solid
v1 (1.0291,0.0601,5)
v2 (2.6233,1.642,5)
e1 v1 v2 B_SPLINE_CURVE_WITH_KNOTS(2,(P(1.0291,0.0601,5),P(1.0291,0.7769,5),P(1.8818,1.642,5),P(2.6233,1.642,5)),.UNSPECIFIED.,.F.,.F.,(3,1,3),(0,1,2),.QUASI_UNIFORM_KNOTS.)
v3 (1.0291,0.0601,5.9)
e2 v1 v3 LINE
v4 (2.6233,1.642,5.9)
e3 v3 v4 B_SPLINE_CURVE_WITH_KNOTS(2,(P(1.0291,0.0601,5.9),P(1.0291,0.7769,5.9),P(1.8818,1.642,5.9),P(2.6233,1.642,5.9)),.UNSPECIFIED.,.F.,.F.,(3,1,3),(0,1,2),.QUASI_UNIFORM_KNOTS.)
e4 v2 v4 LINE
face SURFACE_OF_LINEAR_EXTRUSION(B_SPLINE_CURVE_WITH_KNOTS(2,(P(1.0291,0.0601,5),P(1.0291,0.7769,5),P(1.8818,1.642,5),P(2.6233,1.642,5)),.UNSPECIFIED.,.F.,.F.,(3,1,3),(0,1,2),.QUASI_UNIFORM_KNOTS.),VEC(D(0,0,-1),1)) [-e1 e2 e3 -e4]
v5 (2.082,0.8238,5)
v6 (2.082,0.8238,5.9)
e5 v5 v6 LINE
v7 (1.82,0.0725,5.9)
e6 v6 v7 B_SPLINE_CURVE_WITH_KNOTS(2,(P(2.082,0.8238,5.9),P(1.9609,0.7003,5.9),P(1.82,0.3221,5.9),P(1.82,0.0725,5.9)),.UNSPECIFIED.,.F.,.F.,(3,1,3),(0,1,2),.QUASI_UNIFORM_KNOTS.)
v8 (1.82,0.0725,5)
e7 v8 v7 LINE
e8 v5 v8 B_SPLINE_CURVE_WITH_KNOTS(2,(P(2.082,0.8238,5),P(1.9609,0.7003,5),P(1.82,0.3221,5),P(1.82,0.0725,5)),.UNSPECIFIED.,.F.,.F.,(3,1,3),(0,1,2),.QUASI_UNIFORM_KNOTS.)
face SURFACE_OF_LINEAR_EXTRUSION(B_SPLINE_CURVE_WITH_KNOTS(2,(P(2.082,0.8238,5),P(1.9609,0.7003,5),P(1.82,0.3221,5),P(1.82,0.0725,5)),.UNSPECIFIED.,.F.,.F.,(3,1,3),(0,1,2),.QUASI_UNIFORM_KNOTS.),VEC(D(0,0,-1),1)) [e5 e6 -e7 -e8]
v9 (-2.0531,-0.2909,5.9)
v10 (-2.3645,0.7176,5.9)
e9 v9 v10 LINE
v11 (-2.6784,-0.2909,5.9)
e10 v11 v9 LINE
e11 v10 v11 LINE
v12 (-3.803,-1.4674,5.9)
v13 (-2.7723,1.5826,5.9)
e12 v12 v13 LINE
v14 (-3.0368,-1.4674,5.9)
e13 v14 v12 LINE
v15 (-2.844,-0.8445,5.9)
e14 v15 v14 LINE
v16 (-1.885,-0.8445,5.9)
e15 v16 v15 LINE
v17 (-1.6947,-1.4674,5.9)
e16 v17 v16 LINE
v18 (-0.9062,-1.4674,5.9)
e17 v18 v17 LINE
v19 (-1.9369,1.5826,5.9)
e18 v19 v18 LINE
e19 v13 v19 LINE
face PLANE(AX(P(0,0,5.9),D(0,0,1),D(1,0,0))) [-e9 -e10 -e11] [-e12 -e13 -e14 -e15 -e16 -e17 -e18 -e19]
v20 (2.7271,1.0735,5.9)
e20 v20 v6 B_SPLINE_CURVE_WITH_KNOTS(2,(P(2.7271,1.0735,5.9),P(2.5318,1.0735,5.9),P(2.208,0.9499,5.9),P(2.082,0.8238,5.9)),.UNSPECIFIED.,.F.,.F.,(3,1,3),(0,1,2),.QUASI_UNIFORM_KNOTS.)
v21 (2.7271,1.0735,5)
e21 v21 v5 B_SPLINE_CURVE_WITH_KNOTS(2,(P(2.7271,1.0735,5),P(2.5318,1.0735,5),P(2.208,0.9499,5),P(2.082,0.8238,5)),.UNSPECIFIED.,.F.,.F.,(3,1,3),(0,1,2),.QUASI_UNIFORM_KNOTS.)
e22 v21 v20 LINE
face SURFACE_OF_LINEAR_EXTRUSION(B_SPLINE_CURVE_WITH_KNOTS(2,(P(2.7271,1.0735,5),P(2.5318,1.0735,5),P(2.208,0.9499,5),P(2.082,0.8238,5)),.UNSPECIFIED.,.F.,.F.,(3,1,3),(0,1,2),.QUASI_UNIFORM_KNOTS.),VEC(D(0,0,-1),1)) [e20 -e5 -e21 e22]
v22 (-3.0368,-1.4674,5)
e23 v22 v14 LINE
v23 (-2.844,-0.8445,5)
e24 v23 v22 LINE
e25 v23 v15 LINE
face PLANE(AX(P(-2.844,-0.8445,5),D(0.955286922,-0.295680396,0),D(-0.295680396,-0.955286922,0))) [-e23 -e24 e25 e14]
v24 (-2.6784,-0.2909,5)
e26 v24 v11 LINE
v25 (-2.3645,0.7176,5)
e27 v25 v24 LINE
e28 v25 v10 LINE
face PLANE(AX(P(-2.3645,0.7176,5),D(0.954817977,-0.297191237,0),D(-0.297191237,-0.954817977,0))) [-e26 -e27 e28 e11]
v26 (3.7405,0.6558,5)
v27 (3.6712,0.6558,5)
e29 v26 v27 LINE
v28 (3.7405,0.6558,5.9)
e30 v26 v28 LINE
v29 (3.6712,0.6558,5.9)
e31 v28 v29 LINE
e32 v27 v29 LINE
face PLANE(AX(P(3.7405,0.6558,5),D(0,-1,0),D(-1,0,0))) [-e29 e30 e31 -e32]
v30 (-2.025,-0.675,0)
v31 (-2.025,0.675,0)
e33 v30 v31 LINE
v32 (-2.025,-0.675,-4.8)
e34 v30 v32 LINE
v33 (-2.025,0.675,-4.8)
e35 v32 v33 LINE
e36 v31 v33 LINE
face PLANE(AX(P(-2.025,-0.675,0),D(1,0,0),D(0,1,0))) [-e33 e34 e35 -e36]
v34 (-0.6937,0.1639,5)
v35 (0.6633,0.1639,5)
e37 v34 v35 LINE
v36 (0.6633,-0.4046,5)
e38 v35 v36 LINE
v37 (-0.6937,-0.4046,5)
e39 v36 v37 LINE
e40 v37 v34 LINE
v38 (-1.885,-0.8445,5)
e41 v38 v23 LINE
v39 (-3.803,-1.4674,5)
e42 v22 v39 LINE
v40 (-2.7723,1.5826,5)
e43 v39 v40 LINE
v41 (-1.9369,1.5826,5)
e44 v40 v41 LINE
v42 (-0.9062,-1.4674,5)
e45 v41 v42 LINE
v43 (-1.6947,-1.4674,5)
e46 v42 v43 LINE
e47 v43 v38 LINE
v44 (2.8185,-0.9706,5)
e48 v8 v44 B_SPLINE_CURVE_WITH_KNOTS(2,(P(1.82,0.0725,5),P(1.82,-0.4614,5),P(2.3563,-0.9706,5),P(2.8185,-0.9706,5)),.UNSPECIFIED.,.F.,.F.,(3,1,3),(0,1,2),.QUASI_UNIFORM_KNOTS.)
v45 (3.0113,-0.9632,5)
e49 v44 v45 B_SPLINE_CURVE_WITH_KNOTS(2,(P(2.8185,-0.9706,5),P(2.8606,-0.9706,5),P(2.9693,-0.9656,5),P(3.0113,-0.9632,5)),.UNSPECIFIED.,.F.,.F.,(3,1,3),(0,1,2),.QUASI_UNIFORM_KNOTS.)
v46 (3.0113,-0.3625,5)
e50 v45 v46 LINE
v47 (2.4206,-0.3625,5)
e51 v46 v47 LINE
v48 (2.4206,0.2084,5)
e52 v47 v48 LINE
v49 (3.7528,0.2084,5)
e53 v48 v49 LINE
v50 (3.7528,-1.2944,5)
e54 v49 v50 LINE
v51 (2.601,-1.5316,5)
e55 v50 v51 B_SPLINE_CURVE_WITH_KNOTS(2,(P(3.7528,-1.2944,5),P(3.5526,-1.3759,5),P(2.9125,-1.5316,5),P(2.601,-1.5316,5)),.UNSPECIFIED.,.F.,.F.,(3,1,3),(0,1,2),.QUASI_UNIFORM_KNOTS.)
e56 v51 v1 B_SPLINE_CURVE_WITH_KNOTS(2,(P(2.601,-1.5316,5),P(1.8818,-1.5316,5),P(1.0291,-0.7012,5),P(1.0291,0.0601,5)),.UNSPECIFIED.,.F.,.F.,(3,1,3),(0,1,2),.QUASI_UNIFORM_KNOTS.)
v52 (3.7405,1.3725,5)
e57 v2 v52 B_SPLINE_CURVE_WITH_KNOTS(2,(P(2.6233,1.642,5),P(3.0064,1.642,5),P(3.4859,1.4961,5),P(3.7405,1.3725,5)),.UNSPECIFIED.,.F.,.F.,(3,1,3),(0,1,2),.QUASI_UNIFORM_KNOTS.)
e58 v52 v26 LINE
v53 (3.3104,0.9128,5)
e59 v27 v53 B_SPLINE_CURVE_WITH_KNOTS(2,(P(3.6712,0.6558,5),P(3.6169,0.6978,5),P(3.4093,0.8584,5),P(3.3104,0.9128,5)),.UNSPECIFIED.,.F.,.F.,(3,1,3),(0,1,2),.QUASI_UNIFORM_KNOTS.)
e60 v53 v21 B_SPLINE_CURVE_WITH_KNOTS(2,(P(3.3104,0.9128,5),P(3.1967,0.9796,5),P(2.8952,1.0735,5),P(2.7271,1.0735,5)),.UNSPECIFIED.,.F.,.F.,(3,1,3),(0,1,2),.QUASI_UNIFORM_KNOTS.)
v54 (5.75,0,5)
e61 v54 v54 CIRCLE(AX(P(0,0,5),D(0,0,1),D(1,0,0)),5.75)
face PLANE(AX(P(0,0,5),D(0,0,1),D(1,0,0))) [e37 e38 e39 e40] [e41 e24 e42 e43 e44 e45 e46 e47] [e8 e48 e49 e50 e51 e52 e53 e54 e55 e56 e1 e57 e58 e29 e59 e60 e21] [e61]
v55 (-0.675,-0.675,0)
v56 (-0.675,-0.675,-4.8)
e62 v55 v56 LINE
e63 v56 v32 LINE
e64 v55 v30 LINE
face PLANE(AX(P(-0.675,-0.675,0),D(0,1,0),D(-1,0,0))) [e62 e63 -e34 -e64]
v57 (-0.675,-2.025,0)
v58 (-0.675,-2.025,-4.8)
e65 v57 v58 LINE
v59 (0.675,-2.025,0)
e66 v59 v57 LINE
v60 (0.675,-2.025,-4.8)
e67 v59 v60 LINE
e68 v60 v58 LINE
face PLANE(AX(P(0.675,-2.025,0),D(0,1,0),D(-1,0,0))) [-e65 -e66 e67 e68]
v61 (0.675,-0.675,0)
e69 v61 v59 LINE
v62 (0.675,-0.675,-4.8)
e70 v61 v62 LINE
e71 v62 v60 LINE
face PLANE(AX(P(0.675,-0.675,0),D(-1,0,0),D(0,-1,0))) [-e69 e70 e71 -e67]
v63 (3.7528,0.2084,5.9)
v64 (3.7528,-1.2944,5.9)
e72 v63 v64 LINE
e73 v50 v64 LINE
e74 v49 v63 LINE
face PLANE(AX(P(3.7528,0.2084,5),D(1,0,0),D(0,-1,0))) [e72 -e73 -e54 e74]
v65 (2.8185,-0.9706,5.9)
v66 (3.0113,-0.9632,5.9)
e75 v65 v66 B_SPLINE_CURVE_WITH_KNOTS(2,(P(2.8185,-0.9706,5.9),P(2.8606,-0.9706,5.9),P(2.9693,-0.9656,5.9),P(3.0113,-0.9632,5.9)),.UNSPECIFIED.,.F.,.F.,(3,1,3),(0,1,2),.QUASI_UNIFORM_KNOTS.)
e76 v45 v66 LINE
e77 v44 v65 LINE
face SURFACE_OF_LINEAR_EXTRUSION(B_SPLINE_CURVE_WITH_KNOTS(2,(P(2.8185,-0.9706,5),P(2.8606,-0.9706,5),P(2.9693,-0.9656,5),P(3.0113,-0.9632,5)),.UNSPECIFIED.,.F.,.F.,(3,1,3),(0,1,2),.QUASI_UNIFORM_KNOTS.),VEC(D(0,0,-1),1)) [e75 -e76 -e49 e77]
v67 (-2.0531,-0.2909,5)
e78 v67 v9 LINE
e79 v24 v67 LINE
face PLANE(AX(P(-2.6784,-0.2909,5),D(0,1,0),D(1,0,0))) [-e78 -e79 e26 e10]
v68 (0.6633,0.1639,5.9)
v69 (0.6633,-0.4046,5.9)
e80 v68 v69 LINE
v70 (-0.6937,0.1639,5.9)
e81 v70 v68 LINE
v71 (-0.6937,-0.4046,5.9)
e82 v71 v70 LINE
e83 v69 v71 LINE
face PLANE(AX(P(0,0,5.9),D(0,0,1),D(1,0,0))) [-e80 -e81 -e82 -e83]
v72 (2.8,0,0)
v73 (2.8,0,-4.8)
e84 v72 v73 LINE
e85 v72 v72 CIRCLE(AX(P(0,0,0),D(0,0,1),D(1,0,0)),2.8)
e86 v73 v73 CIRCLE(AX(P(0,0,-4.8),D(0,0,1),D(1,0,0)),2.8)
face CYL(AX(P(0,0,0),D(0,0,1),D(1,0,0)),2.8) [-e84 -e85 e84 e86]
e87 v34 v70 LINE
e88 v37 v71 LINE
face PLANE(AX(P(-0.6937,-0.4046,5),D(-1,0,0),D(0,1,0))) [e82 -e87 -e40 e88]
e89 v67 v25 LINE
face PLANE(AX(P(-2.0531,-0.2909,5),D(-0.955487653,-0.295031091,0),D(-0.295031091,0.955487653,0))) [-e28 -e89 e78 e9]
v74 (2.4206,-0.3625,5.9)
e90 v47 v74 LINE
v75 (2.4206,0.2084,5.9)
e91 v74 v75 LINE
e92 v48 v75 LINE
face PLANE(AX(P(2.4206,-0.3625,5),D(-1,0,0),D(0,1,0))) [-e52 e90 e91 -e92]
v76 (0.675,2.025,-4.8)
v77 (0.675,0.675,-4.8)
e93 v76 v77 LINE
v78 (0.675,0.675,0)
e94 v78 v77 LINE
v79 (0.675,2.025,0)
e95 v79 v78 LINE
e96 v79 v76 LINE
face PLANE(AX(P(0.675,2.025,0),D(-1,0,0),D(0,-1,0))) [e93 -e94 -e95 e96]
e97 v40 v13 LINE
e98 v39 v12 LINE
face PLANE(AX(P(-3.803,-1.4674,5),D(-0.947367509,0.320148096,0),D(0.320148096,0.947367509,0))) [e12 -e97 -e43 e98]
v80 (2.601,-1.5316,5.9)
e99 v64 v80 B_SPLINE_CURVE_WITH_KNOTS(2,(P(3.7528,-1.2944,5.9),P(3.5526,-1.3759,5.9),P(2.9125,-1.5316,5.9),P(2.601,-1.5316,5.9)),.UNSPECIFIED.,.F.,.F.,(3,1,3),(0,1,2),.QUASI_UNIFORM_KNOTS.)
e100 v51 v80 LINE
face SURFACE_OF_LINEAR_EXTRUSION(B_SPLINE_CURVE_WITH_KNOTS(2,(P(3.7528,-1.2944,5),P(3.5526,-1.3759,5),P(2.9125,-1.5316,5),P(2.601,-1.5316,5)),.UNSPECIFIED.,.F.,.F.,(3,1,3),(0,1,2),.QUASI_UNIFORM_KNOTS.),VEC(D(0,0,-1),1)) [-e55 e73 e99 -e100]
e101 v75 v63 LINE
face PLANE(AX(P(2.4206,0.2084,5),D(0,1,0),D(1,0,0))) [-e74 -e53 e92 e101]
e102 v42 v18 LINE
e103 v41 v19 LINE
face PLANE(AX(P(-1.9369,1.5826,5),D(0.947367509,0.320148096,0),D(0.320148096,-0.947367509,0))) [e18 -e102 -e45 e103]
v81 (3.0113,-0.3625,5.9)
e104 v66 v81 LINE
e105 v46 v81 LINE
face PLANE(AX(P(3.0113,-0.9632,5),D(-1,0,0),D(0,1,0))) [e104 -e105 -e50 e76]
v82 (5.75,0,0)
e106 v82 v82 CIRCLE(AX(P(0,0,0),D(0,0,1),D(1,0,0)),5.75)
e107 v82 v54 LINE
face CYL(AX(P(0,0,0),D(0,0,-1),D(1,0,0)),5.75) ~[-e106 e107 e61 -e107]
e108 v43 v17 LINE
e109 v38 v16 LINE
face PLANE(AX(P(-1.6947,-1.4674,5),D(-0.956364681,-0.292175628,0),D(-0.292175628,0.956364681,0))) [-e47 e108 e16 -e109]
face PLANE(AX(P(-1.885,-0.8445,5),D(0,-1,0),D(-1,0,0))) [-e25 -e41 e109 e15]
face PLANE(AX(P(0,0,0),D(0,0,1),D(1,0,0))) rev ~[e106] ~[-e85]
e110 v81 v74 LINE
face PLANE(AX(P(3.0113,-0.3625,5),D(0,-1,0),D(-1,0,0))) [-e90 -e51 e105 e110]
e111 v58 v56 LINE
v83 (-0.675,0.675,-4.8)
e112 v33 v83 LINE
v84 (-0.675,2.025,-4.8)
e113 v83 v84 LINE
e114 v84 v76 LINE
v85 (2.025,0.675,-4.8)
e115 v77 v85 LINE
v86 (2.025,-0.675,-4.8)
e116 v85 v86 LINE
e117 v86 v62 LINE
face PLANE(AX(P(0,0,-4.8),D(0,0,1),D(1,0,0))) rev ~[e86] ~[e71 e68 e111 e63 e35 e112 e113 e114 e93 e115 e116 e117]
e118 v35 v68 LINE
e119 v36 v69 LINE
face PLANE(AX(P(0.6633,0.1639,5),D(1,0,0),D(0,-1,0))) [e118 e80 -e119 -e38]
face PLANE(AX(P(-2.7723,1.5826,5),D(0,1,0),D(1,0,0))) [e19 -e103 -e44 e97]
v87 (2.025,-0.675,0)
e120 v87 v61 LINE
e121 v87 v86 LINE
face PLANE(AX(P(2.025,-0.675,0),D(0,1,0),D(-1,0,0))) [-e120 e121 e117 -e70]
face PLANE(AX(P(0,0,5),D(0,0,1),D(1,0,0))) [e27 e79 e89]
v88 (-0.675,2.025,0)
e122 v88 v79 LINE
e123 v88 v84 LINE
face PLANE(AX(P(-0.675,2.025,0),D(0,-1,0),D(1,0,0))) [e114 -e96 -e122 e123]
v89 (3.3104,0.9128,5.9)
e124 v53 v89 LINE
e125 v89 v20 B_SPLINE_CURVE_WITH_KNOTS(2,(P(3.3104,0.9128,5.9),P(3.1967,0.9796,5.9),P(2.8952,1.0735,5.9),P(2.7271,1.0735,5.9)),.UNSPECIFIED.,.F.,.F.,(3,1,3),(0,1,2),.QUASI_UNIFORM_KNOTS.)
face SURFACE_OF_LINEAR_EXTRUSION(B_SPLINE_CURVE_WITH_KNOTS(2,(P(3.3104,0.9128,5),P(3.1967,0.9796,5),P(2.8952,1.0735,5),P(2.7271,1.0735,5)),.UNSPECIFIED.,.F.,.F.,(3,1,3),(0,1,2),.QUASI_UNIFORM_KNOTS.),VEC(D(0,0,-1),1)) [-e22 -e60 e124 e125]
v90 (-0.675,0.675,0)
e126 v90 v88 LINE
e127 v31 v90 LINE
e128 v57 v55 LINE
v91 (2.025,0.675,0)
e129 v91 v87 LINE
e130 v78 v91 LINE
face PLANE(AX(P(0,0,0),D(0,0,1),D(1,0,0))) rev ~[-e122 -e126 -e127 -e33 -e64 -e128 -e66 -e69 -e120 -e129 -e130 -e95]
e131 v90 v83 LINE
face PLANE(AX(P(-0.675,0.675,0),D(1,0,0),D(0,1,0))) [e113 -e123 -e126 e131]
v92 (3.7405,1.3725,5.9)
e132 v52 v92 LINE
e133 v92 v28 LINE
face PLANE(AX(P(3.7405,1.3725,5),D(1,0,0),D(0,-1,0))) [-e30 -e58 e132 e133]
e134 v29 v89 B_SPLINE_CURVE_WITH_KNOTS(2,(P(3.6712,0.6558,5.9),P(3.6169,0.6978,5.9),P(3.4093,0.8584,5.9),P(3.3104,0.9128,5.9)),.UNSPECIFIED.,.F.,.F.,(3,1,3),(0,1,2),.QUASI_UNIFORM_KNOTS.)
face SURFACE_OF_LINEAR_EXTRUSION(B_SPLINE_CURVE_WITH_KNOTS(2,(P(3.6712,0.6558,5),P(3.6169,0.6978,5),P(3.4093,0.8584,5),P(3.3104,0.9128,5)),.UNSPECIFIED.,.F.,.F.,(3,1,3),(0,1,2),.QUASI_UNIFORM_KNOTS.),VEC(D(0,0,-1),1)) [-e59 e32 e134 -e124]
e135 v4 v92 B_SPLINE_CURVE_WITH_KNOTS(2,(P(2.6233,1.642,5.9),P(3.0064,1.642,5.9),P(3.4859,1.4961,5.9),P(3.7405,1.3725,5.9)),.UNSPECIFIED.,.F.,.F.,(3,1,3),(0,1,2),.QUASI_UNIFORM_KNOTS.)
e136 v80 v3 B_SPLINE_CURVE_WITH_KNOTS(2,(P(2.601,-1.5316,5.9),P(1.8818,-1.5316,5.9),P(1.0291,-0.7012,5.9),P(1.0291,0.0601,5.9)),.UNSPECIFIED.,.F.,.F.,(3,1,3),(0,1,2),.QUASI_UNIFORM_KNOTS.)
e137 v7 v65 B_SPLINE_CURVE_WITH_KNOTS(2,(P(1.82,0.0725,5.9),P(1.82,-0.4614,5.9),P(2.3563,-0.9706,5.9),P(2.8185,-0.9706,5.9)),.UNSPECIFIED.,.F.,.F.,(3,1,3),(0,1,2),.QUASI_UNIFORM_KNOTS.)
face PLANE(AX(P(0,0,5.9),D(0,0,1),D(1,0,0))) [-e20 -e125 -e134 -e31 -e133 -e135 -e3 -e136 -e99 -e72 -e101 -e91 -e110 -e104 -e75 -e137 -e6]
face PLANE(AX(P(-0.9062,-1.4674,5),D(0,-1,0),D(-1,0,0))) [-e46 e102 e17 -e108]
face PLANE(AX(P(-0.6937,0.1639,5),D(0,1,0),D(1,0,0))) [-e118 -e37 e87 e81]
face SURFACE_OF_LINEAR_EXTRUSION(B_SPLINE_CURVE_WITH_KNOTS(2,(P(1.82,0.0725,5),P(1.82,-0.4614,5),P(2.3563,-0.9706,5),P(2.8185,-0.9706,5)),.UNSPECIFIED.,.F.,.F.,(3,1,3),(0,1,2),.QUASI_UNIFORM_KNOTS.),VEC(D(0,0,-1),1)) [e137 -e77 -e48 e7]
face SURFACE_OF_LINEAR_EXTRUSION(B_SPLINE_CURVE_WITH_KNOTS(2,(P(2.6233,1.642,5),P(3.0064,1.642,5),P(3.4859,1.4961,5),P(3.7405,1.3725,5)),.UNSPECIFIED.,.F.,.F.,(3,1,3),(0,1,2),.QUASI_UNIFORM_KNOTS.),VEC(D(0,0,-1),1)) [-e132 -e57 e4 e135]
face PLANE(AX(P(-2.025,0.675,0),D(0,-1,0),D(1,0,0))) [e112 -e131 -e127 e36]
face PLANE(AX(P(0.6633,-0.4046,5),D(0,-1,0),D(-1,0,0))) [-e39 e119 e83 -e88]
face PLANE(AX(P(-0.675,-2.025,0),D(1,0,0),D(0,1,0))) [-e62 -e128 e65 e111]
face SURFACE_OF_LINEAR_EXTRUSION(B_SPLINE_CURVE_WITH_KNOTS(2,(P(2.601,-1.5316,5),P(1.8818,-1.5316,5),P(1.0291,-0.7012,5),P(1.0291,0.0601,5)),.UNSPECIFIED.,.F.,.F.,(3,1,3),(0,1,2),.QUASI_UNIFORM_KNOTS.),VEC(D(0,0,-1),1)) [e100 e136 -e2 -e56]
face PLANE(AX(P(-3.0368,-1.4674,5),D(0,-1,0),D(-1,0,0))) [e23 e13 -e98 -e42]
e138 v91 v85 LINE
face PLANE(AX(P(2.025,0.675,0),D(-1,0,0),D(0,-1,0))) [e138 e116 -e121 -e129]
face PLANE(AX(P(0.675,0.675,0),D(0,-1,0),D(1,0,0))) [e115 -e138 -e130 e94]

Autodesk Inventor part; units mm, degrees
ref_plane "YZ Plane" through (0, 0, 0) normal (1, 0, 0) x (0, 1, 0)
ref_plane "XZ Plane" through (0, 0, 0) normal (0, 1, 0) x (-1, 0, 0)
ref_plane "XY Plane" through (0, 0, 0) normal (0, 0, 1) x (1, 0, 0)
sketch "Sketch1" plane through (0, 0, 0) normal (0, 0, 1) x (1, 0, 0)
  circle A0 centre (0, 0) radius 6.22 construction
  circle A1 centre (0, 0) radius 2.8
  line L0 (-0.675, 0.675) -> (-0.675, 2.025)
  line L1 (-0.675, 2.025) -> (0.675, 2.025)
  line L2 (0.675, 2.025) -> (0.675, 0.675)
  line L3 (0.675, 0.675) -> (2.025, 0.675)
  line L4 (2.025, 0.675) -> (2.025, -0.675)
  line L5 (2.025, -0.675) -> (0.675, -0.675)
  line L6 (0.675, -0.675) -> (0.675, -2.025)
  line L7 (0.675, -2.025) -> (-0.675, -2.025)
  line L8 (-0.675, -2.025) -> (-0.675, -0.675)
  line L9 (-0.675, -0.675) -> (-2.025, -0.675)
  line L10 (-2.025, -0.675) -> (-2.025, 0.675)
  line L11 (-2.025, 0.675) -> (-0.675, 0.675)
  circle A2 centre (0, 0) radius 5.75
  point P0 (-6.07, -6.1)
  dimension "d0" = 12.44
  dimension "d1" = 0.47
extrude "Extrusion1" add sketch "Sketch1" along normal blind 5 contours A1 | L0 L1 L2 L3 L4 L5 L6 L7 L8 L9 L10 L11 | A2
extrude "Extrusion2" add sketch "Sketch1" against normal blind 4.8 contours A1
sketch "Sketch2" plane through (0, 0, 5) normal (0, 0, 1) x (1, 0, 0)
  point P0 (0, 0)
sketch "Sketch3" plane through (0, 0, 5) normal (0, 0, 1) x (1, 0, 0)
  line L0 (-3.7906, 1.642) -> (3.8677, 1.642) construction
  line L1 (3.8677, 1.642) -> (3.8677, -1.5876) construction
  line L2 (3.8677, -1.5876) -> (-3.7906, -1.5876) construction
  line L3 (-3.7906, -1.5876) -> (-3.7906, 1.642) construction
  line L4 (-3.803, -1.4674) -> (-2.7723, 1.5826)
  line L5 (-2.7723, 1.5826) -> (-1.9369, 1.5826)
  line L6 (-1.9369, 1.5826) -> (-0.9062, -1.4674)
  line L7 (-0.9062, -1.4674) -> (-1.6947, -1.4674)
  line L8 (-1.6947, -1.4674) -> (-1.885, -0.8445)
  line L9 (-1.885, -0.8445) -> (-2.844, -0.8445)
  line L10 (-2.844, -0.8445) -> (-3.0368, -1.4674)
  line L11 (-3.0368, -1.4674) -> (-3.803, -1.4674)
  line L12 (-2.0531, -0.2909) -> (-2.3645, 0.7176)
  line L13 (-2.3645, 0.7176) -> (-2.6784, -0.2909)
  line L14 (-2.6784, -0.2909) -> (-2.0531, -0.2909)
  line L15 (0.6633, -0.4046) -> (-0.6937, -0.4046)
  line L16 (-0.6937, -0.4046) -> (-0.6937, 0.1639)
  line L17 (-0.6937, 0.1639) -> (0.6633, 0.1639)
  line L18 (0.6633, 0.1639) -> (0.6633, -0.4046)
  spline S0 degree 2 poles (3.7528, -1.2944) (3.5526, -1.3759) (2.9125, -1.5316) (2.601, -1.5316) knots 0 0 0 1 2 2 2
  spline S1 degree 2 poles (2.601, -1.5316) (1.8818, -1.5316) (1.0291, -0.7012) (1.0291, 0.0601) knots 0 0 0 1 2 2 2
  spline S2 degree 2 poles (1.0291, 0.0601) (1.0291, 0.7769) (1.8818, 1.642) (2.6233, 1.642) knots 0 0 0 1 2 2 2
  spline S3 degree 2 poles (2.6233, 1.642) (3.0064, 1.642) (3.4859, 1.4961) (3.7405, 1.3725) knots 0 0 0 1 2 2 2
  line L19 (3.7405, 1.3725) -> (3.7405, 0.6558)
  line L20 (3.7405, 0.6558) -> (3.6712, 0.6558)
  spline S4 degree 2 poles (3.6712, 0.6558) (3.6169, 0.6978) (3.4093, 0.8584) (3.3104, 0.9128) knots 0 0 0 1 2 2 2
  spline S5 degree 2 poles (3.3104, 0.9128) (3.1967, 0.9796) (2.8952, 1.0735) (2.7271, 1.0735) knots 0 0 0 1 2 2 2
  spline S6 degree 2 poles (2.7271, 1.0735) (2.5318, 1.0735) (2.208, 0.9499) (2.082, 0.8238) knots 0 0 0 1 2 2 2
  spline S7 degree 2 poles (2.082, 0.8238) (1.9609, 0.7003) (1.82, 0.3221) (1.82, 0.0725) knots 0 0 0 1 2 2 2
  spline S8 degree 2 poles (1.82, 0.0725) (1.82, -0.4614) (2.3563, -0.9706) (2.8185, -0.9706) knots 0 0 0 1 2 2 2
  spline S9 degree 2 poles (2.8185, -0.9706) (2.8606, -0.9706) (2.9693, -0.9656) (3.0113, -0.9632) knots 0 0 0 1 2 2 2
  line L21 (3.0113, -0.9632) -> (3.0113, -0.3625)
  line L22 (3.0113, -0.3625) -> (2.4206, -0.3625)
  line L23 (2.4206, -0.3625) -> (2.4206, 0.2084)
  line L24 (2.4206, 0.2084) -> (3.7528, 0.2084)
  line L25 (3.7528, 0.2084) -> (3.7528, -1.2944)
  point P0 (0.0385, -1.5876)
  point P1 (3.8677, 0.0272)
  point P2 (0, 0.1089)
  point P3 (0, 0.1089)
extrude "Extrusion7" add sketch "Sketch3" along normal blind 0.9
properties part number "IPC A-G key"
